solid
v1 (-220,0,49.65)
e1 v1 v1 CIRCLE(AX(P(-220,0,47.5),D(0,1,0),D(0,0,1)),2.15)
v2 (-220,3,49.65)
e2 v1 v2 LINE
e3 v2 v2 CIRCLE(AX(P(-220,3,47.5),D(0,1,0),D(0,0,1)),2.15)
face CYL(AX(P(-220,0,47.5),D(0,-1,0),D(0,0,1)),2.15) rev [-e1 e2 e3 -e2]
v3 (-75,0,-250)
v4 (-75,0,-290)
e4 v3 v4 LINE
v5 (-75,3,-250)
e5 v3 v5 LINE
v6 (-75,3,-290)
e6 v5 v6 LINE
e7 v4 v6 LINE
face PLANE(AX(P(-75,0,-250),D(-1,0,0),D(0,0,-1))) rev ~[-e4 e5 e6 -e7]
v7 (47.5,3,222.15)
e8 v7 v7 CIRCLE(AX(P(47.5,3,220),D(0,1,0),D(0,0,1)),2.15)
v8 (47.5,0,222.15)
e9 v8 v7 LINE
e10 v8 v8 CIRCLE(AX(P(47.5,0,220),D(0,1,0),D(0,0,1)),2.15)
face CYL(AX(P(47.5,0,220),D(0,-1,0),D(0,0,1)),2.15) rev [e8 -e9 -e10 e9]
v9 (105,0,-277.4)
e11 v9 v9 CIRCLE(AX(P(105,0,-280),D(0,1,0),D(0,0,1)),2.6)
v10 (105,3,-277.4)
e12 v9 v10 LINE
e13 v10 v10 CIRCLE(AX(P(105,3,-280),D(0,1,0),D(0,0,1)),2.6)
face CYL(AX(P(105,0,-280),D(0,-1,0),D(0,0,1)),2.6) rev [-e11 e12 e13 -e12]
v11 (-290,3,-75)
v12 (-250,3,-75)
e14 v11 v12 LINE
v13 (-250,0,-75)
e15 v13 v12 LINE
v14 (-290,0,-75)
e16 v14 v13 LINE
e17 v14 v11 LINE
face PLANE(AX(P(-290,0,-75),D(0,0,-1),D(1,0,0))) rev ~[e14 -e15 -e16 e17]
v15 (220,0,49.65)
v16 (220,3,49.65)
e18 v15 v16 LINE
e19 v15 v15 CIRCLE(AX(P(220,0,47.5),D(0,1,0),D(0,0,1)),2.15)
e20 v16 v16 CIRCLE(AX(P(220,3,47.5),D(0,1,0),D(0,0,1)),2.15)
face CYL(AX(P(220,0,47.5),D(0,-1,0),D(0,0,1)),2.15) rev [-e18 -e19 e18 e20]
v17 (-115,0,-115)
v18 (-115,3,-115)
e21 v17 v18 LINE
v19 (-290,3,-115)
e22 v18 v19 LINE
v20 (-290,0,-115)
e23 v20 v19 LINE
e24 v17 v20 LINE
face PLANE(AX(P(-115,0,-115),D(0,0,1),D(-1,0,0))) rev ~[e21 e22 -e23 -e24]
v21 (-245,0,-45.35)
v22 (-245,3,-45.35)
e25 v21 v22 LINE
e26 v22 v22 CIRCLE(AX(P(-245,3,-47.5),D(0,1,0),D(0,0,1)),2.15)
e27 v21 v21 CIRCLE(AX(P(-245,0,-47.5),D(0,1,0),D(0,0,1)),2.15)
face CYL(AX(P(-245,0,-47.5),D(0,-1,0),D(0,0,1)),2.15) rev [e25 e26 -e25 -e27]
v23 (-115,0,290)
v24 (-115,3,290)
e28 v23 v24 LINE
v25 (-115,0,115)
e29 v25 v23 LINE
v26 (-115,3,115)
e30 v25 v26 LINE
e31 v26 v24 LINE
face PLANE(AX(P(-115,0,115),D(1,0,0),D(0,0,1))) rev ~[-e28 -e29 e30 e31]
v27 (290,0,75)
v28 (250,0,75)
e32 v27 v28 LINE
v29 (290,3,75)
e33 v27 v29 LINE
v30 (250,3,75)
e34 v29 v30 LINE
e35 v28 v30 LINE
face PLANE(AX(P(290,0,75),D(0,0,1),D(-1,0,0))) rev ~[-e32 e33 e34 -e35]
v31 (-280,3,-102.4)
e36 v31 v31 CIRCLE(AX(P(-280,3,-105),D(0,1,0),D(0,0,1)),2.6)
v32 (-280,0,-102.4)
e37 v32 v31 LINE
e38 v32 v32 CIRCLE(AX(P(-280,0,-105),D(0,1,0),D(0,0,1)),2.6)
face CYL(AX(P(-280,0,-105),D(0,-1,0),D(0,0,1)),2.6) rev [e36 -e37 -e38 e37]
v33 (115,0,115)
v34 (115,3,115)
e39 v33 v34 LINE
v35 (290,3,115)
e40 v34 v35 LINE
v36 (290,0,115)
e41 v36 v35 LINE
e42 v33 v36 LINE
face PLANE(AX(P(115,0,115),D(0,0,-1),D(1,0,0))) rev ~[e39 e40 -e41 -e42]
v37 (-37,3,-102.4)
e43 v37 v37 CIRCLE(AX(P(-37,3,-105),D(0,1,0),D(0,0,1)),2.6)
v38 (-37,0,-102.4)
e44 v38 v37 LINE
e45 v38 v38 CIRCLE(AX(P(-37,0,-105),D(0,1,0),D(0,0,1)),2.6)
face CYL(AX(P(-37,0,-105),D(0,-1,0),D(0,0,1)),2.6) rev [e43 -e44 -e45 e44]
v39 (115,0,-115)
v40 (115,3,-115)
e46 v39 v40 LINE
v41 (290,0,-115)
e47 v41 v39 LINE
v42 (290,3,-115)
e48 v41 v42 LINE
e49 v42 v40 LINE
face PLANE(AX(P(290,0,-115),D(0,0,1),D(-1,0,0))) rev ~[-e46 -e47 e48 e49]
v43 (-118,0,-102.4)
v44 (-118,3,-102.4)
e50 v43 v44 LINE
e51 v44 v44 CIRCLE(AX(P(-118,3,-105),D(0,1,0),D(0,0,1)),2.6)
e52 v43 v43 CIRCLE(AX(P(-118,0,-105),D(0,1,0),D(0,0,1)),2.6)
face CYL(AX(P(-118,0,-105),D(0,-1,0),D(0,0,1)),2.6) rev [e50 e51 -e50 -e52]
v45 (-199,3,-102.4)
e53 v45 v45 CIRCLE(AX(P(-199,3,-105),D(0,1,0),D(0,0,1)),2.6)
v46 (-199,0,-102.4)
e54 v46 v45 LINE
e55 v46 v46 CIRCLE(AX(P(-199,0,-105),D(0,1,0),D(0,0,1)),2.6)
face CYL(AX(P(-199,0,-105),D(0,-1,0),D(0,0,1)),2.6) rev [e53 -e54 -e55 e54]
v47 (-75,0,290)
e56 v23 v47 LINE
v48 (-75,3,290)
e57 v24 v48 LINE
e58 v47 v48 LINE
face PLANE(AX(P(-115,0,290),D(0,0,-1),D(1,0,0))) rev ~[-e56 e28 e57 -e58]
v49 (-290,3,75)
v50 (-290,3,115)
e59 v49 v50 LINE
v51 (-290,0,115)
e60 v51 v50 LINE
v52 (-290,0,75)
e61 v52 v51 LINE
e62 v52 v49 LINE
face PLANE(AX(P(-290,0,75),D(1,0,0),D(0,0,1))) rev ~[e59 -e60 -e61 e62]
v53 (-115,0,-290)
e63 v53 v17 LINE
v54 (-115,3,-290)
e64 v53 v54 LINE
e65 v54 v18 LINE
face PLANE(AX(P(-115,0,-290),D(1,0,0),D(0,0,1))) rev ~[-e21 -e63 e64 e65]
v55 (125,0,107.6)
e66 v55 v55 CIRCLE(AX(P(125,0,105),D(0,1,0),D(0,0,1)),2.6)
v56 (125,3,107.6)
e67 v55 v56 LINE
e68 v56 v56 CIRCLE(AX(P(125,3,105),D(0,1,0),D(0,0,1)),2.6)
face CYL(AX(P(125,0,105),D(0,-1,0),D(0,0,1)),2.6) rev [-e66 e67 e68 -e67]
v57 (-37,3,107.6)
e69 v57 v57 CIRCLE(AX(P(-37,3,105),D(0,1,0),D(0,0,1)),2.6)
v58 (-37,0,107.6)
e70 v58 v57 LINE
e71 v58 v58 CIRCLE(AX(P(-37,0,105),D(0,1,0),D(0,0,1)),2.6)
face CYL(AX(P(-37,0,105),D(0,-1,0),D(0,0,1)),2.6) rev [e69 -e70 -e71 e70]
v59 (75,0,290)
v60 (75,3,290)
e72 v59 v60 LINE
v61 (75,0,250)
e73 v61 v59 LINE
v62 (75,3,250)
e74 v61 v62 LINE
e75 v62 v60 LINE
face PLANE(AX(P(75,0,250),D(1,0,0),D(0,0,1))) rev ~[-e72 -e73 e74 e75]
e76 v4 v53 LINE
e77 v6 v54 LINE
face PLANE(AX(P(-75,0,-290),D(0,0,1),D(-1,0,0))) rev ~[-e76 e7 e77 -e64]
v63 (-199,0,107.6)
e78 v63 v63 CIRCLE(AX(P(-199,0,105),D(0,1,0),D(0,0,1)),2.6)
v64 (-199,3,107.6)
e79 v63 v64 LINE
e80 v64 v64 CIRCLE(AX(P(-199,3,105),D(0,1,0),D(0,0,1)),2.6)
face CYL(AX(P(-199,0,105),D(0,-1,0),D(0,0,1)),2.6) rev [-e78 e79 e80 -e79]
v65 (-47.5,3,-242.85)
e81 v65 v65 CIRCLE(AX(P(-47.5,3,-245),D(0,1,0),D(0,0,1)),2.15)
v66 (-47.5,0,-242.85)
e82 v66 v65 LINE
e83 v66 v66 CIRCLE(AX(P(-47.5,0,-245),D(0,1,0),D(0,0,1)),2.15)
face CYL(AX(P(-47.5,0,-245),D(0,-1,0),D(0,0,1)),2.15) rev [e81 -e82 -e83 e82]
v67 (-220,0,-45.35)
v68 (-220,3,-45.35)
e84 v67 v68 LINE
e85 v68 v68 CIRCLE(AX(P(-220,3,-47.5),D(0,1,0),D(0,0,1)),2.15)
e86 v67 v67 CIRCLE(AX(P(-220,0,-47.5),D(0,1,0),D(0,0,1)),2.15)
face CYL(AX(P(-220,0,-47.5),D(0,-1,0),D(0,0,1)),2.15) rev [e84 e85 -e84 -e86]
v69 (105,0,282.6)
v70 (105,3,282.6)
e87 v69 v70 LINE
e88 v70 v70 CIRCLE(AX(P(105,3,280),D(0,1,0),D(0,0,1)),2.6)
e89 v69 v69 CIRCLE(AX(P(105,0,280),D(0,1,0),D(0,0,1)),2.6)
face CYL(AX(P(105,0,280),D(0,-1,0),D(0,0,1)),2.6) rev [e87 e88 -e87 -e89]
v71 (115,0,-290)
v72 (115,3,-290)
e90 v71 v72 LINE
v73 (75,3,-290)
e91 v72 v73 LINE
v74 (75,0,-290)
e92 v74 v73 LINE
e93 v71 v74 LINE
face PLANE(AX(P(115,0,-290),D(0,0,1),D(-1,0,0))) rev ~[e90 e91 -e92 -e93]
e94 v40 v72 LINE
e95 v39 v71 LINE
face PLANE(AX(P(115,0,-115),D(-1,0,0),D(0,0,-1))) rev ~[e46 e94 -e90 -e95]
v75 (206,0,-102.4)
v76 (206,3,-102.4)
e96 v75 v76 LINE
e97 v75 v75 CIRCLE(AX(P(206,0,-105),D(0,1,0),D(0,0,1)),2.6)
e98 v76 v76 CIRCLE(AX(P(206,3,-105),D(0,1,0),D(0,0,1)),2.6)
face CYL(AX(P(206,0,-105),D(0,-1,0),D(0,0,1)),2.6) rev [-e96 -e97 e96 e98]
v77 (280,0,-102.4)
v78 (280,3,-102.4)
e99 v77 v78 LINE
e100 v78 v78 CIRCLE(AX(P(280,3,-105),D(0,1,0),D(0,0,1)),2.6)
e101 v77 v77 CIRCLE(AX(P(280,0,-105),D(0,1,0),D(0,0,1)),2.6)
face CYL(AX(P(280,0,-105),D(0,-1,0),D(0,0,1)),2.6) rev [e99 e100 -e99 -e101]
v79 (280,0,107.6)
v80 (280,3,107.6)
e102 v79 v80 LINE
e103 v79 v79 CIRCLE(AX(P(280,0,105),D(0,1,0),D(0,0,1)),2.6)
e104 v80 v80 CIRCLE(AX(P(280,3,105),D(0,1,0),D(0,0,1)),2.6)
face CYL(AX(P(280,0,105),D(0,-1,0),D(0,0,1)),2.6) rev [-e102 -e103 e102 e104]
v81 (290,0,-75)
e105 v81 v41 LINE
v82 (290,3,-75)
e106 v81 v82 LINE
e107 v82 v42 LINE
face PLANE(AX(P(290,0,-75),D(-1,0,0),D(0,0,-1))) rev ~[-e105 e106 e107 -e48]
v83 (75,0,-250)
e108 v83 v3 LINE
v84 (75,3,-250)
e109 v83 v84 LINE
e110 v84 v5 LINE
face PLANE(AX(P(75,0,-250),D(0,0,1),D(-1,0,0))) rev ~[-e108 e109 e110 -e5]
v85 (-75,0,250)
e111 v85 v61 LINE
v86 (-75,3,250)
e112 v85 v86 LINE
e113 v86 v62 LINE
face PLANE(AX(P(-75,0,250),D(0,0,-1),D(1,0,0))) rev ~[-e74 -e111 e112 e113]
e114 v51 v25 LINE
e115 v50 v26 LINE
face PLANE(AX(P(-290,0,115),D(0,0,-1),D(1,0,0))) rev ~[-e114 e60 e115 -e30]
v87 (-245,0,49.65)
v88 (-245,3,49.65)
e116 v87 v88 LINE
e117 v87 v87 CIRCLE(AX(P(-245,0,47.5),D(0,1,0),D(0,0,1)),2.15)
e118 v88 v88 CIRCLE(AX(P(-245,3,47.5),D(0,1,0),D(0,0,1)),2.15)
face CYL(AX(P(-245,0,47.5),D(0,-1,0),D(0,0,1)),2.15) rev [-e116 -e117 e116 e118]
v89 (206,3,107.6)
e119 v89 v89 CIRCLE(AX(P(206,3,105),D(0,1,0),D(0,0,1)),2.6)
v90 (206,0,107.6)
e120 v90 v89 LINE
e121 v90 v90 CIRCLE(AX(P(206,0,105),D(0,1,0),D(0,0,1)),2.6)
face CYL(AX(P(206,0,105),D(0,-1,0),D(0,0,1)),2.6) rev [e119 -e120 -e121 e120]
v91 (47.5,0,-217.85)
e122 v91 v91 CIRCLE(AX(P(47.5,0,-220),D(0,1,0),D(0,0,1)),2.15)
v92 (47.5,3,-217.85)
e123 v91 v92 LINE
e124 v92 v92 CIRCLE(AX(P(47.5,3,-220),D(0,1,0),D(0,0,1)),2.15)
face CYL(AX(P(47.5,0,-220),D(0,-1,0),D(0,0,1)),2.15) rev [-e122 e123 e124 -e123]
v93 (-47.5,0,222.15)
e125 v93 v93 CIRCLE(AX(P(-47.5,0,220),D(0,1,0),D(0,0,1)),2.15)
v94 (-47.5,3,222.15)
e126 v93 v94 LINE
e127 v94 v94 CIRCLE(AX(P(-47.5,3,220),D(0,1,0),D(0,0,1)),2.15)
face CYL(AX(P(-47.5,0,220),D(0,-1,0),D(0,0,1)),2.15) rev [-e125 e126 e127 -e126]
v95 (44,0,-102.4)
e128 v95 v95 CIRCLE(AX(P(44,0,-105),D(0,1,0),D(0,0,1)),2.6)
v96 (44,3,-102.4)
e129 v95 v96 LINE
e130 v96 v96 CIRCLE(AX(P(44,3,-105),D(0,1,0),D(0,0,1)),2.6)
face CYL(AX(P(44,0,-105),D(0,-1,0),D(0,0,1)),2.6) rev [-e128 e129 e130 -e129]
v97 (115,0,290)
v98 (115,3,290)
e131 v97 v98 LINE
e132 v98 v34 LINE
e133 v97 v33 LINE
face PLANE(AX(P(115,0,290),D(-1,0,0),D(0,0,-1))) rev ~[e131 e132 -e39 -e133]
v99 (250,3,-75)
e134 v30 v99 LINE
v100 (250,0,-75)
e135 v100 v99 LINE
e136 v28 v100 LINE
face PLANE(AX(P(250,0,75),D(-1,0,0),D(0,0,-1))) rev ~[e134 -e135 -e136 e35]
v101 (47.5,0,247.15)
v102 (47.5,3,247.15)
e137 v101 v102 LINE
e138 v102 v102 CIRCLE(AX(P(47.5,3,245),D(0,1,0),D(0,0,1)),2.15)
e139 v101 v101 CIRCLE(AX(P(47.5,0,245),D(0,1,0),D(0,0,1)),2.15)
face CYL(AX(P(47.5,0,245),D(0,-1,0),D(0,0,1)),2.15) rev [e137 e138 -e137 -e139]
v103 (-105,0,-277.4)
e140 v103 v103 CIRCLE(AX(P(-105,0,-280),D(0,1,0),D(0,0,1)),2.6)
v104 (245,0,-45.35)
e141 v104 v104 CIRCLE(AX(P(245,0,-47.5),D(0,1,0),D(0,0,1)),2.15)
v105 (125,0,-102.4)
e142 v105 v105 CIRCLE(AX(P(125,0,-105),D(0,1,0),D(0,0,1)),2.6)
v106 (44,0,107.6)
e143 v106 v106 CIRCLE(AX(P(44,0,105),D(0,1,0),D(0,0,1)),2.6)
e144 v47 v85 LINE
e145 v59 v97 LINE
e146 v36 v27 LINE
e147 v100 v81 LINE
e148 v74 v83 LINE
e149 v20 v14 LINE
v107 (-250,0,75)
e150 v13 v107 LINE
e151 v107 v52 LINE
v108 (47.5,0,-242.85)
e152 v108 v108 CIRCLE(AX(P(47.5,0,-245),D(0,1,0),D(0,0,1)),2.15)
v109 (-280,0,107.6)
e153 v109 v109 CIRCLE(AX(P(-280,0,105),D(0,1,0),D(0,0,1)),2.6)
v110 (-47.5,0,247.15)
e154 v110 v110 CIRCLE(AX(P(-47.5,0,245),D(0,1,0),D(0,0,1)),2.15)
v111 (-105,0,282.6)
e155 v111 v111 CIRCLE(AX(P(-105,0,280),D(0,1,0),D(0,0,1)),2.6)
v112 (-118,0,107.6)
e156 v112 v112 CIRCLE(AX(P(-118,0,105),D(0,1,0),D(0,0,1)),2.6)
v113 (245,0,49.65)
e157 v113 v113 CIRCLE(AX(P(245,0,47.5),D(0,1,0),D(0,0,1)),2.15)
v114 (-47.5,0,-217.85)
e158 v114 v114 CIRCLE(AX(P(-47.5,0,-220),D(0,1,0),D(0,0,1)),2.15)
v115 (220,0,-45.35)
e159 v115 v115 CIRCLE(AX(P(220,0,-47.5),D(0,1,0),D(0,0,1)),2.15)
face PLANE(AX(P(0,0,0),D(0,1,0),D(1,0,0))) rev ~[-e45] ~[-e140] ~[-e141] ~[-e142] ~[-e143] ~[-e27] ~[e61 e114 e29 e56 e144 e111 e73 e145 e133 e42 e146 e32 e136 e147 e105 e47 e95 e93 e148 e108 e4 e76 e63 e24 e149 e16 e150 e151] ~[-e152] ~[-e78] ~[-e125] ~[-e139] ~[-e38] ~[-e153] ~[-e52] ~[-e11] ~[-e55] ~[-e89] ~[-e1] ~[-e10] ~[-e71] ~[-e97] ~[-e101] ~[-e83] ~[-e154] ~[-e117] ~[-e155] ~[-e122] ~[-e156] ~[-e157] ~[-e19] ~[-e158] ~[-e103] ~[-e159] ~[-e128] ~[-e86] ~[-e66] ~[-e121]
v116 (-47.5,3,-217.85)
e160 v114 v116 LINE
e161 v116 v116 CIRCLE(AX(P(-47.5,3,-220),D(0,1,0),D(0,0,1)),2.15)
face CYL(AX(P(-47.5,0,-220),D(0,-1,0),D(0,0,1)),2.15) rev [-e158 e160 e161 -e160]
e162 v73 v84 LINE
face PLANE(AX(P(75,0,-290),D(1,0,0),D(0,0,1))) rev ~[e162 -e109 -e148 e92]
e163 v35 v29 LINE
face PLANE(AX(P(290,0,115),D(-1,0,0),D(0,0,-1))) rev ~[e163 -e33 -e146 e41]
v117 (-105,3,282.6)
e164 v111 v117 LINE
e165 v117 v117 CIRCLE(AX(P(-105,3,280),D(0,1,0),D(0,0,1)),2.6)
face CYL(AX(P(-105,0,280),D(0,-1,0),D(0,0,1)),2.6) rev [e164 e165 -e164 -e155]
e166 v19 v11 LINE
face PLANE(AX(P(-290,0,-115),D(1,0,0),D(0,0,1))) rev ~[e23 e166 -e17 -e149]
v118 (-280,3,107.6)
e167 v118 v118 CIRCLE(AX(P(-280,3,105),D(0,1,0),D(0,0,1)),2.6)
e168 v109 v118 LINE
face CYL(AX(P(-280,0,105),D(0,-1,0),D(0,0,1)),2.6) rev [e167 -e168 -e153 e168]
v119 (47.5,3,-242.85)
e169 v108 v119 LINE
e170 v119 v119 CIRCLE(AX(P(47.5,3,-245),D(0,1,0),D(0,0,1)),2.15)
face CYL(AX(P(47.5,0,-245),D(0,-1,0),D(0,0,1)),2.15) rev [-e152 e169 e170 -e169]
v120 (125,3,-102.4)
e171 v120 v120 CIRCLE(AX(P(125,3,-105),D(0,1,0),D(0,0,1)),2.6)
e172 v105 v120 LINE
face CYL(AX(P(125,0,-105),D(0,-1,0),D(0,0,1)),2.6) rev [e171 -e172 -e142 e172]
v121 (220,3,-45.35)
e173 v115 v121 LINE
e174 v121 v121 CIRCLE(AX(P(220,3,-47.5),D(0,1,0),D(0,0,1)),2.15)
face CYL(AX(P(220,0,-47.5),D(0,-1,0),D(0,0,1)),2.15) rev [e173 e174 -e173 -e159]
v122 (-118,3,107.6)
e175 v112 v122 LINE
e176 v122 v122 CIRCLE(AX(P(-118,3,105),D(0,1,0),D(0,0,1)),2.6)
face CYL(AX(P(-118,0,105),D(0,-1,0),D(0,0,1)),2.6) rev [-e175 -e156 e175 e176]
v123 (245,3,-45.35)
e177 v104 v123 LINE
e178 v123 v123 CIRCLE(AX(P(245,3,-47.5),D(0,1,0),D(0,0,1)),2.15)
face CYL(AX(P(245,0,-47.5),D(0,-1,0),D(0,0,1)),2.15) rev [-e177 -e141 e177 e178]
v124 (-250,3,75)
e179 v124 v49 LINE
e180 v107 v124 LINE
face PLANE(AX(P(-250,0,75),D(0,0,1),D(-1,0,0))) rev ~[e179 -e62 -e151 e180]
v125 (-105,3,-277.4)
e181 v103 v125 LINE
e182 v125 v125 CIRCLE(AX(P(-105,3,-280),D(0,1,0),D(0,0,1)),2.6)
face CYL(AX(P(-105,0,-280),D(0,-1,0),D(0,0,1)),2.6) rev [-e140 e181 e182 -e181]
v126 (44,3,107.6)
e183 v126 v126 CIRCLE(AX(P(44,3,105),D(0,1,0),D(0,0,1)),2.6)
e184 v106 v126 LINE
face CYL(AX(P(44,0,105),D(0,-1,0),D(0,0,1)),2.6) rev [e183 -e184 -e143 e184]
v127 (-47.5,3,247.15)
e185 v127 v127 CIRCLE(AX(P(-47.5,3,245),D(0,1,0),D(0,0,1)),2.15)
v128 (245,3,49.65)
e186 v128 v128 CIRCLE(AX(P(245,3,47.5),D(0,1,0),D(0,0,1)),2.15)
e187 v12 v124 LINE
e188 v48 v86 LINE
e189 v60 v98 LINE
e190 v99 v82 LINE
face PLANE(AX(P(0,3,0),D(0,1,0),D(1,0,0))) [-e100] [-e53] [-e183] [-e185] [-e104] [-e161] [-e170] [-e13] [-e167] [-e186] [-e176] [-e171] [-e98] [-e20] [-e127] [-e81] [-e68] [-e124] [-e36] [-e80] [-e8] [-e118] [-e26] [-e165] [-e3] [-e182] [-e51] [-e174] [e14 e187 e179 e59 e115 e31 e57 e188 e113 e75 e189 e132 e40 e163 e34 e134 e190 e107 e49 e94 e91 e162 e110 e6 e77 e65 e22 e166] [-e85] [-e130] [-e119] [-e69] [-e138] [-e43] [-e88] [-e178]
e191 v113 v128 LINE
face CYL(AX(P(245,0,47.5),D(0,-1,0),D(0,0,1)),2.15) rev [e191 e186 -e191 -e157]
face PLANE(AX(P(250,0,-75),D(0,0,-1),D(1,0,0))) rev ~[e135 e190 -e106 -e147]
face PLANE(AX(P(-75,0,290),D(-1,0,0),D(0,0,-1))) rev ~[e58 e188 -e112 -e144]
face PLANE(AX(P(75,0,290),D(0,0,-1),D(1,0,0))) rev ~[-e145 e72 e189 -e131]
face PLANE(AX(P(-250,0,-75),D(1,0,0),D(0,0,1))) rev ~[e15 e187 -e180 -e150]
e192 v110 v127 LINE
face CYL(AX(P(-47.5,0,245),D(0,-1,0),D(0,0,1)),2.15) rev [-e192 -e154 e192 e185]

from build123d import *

# Parameters (mm, degrees)
SKETCH_1_R      = 2.6
SKETCH_1_R_2    = 2.15
EXTRUDE_1_DEPTH = 3


with BuildPart() as part:
    # 草图1 → 凸台-拉伸1 (new body)
    with BuildSketch(Plane(origin=(0, 0, 0), x_dir=(1, 0, 0), z_dir=(0, 1, 0))):
        Polygon((-75, 290), (-115, 290), (-115, 115), (-290, 115), (-290, 75), (-250, 75), (-250, -75), (-290, -75), (-290, -115), (-115, -115), (-115, -290), (-75, -290), (-75, -250), (75, -250), (75, -290), (115, -290), (115, -115), (290, -115), (290, -75), (250, -75), (250, 75), (290, 75), (290, 115), (115, 115), (115, 290), (75, 290), (75, 250), (-75, 250), align=None)
        with Locations(Location((-105, 280, 0), (0, 0, 270))):
            Circle(SKETCH_1_R, mode=Mode.SUBTRACT)
        with Locations(Location((-47.5, 220, 0), (0, 0, 270))):
            Circle(SKETCH_1_R_2, mode=Mode.SUBTRACT)
        with Locations(Location((-47.5, 245, 0), (0, 0, 270))):
            Circle(SKETCH_1_R_2, mode=Mode.SUBTRACT)
        with Locations(Location((47.5, 220, 0), (0, 0, 270))):
            Circle(SKETCH_1_R_2, mode=Mode.SUBTRACT)
        with Locations(Location((47.5, 245, 0), (0, 0, 270))):
            Circle(SKETCH_1_R_2, mode=Mode.SUBTRACT)
        with Locations(Location((105, 280, 0), (0, 0, 270))):
            Circle(SKETCH_1_R, mode=Mode.SUBTRACT)
        with Locations(Location((44, 105, 0), (0, 0, 270))):
            Circle(SKETCH_1_R, mode=Mode.SUBTRACT)
        with Locations(Location((-37, -105, 0), (0, 0, 270))):
            Circle(SKETCH_1_R, mode=Mode.SUBTRACT)
        with Locations(Location((44, -105, 0), (0, 0, 270))):
            Circle(SKETCH_1_R, mode=Mode.SUBTRACT)
        with Locations(Location((-37, 105, 0), (0, 0, 270))):
            Circle(SKETCH_1_R, mode=Mode.SUBTRACT)
        with Locations(Location((-118, 105, 0), (0, 0, 270))):
            Circle(SKETCH_1_R, mode=Mode.SUBTRACT)
        with Locations(Location((-280, -105, 0), (0, 0, 270))):
            Circle(SKETCH_1_R, mode=Mode.SUBTRACT)
        with Locations(Location((-199, -105, 0), (0, 0, 270))):
            Circle(SKETCH_1_R, mode=Mode.SUBTRACT)
        with Locations(Location((-245, -47.5, 0), (0, 0, 270))):
            Circle(SKETCH_1_R_2, mode=Mode.SUBTRACT)
        with Locations(Location((-220, -47.5, 0), (0, 0, 270))):
            Circle(SKETCH_1_R_2, mode=Mode.SUBTRACT)
        with Locations(Location((-118, -105, 0), (0, 0, 270))):
            Circle(SKETCH_1_R, mode=Mode.SUBTRACT)
        with Locations(Location((-245, 47.5, 0), (0, 0, 270))):
            Circle(SKETCH_1_R_2, mode=Mode.SUBTRACT)
        with Locations(Location((-220, 47.5, 0), (0, 0, 270))):
            Circle(SKETCH_1_R_2, mode=Mode.SUBTRACT)
        with Locations(Location((-280, 105, 0), (0, 0, 270))):
            Circle(SKETCH_1_R, mode=Mode.SUBTRACT)
        with Locations(Location((-199, 105, 0), (0, 0, 270))):
            Circle(SKETCH_1_R, mode=Mode.SUBTRACT)
        with Locations(Location((105, -280, 0), (0, 0, 270))):
            Circle(SKETCH_1_R, mode=Mode.SUBTRACT)
        with Locations(Location((-105, -280, 0), (0, 0, 270))):
            Circle(SKETCH_1_R, mode=Mode.SUBTRACT)
        with Locations(Location((-47.5, -245, 0), (0, 0, 270))):
            Circle(SKETCH_1_R_2, mode=Mode.SUBTRACT)
        with Locations(Location((-47.5, -220, 0), (0, 0, 270))):
            Circle(SKETCH_1_R_2, mode=Mode.SUBTRACT)
        with Locations(Location((47.5, -245, 0), (0, 0, 270))):
            Circle(SKETCH_1_R_2, mode=Mode.SUBTRACT)
        with Locations(Location((47.5, -220, 0), (0, 0, 270))):
            Circle(SKETCH_1_R_2, mode=Mode.SUBTRACT)
        with Locations(Location((280, 105, 0), (0, 0, 270))):
            Circle(SKETCH_1_R, mode=Mode.SUBTRACT)
        with Locations(Location((125, -105, 0), (0, 0, 270))):
            Circle(SKETCH_1_R, mode=Mode.SUBTRACT)
        with Locations(Location((206, -105, 0), (0, 0, 270))):
            Circle(SKETCH_1_R, mode=Mode.SUBTRACT)
        with Locations(Location((280, -105, 0), (0, 0, 270))):
            Circle(SKETCH_1_R, mode=Mode.SUBTRACT)
        with Locations(Location((220, -47.5, 0), (0, 0, 270))):
            Circle(SKETCH_1_R_2, mode=Mode.SUBTRACT)
        with Locations(Location((245, -47.5, 0), (0, 0, 270))):
            Circle(SKETCH_1_R_2, mode=Mode.SUBTRACT)
        with Locations(Location((125, 105, 0), (0, 0, 270))):
            Circle(SKETCH_1_R, mode=Mode.SUBTRACT)
        with Locations(Location((220, 47.5, 0), (0, 0, 270))):
            Circle(SKETCH_1_R_2, mode=Mode.SUBTRACT)
        with Locations(Location((245, 47.5, 0), (0, 0, 270))):
            Circle(SKETCH_1_R_2, mode=Mode.SUBTRACT)
        with Locations(Location((206, 105, 0), (0, 0, 270))):
            Circle(SKETCH_1_R, mode=Mode.SUBTRACT)
    extrude(amount=EXTRUDE_1_DEPTH)


solid = part.part
